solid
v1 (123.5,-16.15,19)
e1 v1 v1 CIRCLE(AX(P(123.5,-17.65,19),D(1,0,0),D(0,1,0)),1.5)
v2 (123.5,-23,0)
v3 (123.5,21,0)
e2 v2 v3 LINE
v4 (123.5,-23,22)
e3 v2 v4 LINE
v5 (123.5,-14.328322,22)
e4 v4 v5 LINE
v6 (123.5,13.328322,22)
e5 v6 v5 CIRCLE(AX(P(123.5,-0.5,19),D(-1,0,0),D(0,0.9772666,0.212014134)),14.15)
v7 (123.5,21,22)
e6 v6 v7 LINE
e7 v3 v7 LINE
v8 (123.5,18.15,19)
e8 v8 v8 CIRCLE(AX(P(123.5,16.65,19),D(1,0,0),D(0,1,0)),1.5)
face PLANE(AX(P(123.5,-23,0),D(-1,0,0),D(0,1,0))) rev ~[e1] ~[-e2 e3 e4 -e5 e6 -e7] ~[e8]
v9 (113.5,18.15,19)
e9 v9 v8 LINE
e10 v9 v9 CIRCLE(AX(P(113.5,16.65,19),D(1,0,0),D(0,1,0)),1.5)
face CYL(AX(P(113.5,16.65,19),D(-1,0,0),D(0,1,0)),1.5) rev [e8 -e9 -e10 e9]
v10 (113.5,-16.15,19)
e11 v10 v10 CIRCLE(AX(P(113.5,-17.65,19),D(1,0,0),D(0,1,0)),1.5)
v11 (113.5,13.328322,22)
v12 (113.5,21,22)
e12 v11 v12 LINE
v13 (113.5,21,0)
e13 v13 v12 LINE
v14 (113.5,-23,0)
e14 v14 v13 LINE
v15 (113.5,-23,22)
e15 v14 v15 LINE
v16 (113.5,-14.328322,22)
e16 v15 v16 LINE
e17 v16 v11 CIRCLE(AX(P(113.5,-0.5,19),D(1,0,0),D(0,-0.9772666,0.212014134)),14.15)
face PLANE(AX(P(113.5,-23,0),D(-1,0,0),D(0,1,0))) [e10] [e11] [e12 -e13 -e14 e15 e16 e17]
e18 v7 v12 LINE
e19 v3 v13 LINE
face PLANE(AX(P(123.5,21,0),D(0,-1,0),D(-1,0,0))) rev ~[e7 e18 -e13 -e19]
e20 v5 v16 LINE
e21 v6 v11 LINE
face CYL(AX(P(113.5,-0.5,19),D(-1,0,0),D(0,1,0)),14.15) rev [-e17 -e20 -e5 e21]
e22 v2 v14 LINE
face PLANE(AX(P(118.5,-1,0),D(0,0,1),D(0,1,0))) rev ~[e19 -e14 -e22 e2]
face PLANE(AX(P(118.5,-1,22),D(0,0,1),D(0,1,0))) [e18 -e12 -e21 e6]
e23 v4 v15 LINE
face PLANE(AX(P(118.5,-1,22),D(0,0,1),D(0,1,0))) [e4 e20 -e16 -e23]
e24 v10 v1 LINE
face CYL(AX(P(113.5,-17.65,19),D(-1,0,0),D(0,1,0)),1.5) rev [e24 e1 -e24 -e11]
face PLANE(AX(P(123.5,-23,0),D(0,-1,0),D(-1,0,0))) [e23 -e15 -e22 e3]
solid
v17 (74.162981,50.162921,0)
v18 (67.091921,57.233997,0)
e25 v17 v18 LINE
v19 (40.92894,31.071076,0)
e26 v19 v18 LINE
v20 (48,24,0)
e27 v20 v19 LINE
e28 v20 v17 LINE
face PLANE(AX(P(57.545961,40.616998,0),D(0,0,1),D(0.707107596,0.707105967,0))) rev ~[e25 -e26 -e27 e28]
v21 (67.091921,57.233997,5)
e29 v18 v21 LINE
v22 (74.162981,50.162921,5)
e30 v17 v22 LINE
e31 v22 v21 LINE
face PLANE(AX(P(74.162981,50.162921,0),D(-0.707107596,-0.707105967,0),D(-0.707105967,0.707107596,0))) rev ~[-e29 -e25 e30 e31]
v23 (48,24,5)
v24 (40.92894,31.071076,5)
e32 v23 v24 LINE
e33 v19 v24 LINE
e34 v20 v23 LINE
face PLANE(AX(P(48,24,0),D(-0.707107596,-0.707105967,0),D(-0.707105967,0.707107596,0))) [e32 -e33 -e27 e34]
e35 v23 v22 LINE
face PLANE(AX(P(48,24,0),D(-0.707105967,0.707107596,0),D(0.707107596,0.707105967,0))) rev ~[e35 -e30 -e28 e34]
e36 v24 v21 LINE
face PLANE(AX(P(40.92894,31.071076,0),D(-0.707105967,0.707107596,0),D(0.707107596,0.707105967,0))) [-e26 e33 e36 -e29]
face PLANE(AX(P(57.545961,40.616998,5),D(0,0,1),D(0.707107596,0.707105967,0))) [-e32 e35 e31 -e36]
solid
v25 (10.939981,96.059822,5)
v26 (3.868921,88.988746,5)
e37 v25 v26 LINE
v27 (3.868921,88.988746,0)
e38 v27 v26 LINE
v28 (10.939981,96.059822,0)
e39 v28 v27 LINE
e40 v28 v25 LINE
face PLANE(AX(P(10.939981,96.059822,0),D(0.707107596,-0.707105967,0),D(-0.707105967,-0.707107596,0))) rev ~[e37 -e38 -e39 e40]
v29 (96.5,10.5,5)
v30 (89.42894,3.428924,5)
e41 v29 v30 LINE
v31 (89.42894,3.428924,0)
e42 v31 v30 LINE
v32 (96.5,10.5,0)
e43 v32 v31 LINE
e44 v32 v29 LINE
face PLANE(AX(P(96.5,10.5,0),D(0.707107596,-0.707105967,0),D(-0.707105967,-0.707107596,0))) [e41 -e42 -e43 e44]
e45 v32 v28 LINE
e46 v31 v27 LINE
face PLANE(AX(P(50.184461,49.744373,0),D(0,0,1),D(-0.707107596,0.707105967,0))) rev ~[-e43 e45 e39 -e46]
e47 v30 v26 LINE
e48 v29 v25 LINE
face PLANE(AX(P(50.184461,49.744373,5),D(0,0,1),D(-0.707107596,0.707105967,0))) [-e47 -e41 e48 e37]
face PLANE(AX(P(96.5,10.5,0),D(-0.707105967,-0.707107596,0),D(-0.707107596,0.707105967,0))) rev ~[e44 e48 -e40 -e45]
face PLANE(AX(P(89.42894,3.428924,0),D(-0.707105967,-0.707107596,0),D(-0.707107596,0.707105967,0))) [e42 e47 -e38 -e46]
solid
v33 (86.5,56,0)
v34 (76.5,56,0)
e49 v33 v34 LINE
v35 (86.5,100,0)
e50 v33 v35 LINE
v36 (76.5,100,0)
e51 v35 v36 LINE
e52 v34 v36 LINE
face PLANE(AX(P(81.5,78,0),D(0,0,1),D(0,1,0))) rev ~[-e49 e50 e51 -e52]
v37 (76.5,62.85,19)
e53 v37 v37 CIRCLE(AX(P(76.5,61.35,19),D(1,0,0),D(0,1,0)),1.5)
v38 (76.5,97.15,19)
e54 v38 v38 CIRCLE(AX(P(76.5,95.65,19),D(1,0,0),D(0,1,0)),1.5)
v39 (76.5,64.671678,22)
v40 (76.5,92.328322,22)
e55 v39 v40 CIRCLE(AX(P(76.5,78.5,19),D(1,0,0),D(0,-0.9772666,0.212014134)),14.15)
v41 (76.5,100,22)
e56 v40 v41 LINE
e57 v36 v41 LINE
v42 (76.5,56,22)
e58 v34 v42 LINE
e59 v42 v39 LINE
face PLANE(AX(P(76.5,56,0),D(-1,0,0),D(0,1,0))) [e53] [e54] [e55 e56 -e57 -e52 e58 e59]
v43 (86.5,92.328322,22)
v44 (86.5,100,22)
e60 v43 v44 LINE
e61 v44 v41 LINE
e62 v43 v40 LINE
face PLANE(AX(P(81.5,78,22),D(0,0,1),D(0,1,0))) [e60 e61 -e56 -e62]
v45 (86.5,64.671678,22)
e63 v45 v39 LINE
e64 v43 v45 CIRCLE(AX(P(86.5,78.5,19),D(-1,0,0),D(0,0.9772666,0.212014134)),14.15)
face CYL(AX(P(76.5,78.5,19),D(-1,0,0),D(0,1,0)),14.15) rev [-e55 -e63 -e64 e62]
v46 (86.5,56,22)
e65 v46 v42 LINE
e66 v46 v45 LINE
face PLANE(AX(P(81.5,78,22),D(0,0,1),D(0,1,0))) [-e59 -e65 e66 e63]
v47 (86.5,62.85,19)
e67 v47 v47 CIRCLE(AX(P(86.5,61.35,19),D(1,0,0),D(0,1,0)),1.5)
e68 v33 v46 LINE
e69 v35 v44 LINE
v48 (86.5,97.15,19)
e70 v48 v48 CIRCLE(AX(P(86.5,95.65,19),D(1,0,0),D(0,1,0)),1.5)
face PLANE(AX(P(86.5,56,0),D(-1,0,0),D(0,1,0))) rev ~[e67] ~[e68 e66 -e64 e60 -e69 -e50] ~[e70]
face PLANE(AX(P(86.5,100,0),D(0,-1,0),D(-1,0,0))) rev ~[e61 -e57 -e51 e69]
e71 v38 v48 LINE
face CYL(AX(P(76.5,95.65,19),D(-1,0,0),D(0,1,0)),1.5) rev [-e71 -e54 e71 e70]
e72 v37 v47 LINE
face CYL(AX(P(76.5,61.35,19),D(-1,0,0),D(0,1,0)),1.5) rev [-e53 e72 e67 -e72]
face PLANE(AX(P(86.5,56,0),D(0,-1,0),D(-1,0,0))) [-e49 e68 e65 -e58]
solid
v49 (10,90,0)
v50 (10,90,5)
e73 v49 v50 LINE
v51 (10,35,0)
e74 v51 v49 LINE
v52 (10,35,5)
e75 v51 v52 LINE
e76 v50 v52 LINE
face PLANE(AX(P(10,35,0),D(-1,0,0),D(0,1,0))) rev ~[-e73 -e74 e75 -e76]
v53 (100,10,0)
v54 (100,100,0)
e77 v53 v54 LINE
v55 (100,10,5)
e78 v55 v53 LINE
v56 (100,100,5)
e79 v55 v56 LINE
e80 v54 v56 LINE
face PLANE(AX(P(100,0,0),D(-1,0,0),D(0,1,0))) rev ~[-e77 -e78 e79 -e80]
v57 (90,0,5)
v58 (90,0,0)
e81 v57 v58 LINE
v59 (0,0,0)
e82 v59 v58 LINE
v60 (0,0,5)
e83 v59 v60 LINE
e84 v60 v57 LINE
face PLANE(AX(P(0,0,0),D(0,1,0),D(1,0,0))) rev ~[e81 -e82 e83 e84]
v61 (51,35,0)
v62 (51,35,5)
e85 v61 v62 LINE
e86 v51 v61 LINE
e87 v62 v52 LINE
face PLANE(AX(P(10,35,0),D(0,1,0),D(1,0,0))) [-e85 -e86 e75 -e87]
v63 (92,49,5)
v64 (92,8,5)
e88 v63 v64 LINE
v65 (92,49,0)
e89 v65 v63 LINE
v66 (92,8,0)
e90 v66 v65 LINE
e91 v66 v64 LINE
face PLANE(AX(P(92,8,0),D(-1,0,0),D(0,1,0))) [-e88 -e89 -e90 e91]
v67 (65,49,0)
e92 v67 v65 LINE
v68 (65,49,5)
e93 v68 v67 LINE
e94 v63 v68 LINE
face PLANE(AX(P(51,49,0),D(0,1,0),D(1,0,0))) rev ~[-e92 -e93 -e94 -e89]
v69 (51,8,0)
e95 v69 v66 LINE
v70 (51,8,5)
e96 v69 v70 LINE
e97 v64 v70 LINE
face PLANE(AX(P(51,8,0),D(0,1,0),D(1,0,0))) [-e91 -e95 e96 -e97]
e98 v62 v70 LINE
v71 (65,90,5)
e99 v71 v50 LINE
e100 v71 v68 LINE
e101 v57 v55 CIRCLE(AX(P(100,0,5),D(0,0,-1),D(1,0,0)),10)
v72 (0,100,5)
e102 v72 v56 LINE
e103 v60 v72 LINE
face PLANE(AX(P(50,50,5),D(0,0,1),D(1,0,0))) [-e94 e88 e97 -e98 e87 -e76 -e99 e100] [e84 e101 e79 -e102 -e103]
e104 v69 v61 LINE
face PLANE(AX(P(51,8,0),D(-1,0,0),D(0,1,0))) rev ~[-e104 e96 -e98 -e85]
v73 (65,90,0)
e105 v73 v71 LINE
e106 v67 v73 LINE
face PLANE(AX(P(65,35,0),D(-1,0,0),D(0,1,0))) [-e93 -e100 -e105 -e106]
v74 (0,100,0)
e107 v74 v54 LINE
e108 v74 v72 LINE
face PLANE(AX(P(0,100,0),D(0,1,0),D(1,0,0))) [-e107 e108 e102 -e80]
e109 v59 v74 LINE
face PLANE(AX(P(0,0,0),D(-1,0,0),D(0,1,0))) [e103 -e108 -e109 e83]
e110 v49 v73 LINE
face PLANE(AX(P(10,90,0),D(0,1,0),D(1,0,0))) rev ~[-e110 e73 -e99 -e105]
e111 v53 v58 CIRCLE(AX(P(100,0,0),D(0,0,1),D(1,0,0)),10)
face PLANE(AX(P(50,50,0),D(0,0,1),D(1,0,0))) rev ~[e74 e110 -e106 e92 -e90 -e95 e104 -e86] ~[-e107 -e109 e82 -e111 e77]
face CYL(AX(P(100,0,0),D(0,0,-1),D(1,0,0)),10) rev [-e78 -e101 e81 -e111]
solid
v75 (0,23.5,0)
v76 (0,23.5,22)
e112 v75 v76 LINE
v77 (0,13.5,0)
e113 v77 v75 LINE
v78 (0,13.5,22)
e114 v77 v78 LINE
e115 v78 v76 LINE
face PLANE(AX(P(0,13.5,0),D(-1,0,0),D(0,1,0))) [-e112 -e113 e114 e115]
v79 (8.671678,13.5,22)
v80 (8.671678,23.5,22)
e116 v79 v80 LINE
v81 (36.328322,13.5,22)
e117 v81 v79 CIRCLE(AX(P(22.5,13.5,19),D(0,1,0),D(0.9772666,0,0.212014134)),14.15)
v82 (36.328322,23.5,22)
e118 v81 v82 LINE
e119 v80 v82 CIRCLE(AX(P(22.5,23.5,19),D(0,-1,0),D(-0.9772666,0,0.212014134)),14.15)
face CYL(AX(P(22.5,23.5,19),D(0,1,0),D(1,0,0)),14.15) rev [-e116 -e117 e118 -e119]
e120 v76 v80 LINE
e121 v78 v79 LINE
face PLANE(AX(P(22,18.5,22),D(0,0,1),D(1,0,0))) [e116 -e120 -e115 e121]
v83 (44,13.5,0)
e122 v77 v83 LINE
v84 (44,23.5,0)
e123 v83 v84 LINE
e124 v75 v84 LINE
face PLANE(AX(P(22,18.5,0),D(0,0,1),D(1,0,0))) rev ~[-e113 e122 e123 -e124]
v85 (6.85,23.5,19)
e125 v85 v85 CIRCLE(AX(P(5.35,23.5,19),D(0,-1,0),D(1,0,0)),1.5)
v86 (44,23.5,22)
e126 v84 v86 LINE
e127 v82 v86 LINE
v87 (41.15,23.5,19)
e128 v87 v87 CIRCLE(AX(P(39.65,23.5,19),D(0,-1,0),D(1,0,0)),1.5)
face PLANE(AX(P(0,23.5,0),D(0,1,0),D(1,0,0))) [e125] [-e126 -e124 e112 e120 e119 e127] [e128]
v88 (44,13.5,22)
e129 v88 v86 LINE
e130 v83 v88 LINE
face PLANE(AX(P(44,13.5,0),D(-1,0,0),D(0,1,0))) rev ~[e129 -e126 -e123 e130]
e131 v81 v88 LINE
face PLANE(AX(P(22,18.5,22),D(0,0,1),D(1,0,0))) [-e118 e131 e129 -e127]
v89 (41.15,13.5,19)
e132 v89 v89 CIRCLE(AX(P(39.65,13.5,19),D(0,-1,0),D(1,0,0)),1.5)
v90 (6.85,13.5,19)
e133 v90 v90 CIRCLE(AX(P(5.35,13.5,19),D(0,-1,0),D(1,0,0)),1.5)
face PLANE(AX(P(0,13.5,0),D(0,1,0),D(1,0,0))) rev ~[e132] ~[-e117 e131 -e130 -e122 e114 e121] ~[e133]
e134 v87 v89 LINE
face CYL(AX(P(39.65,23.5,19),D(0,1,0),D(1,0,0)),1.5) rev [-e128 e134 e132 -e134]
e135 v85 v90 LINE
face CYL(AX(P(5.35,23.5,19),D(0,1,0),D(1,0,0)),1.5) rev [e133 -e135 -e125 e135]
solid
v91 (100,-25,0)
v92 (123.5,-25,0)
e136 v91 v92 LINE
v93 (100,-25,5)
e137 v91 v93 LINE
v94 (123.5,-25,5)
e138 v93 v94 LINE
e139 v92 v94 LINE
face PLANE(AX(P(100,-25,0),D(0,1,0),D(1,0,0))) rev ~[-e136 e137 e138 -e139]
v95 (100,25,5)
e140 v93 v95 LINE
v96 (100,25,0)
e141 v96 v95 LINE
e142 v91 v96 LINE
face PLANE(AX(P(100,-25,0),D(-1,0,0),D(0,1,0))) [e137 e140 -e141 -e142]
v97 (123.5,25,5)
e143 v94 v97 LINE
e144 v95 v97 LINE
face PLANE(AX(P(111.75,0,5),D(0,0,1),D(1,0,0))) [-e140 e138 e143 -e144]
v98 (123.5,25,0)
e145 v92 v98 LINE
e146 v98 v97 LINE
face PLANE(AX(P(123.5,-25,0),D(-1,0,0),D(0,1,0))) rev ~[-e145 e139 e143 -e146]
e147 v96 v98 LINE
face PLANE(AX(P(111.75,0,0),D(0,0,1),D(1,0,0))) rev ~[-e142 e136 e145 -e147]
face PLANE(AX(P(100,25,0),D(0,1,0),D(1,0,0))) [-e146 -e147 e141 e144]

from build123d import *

# Parameters (mm, degrees)
CYLINDER001_R                = 1.5
CYLINDER001_DEPTH            = 10
CYLINDER001_ROLL_ANGLE       = 90
CYLINDER001001_R             = 1.5
CYLINDER001001_DEPTH         = 10
CYLINDER001001_ROLL_ANGLE    = 90
CYLINDER_R                   = 14.15
CYLINDER_DEPTH               = 10
CYLINDER_ROLL_ANGLE          = 90
BOX001_W                     = 44
BOX001_H                     = 10
BOX001_DEPTH                 = 22
CUT002001_PLACEMENT_ANGLE    = 90
BOX002_W                     = 23.5
BOX002_H                     = 50
BOX002_DEPTH                 = 5
CUT002001001_PLACEMENT_ANGLE = 90
BOX004_W                     = 41
BOX004_H                     = 41
BOX004_DEPTH                 = 10
BOX003_W                     = 55
BOX003_H                     = 55
BOX003_DEPTH                 = 10
CYLINDER001002_R             = 10
CYLINDER001002_DEPTH         = 10
BOX_W                        = 100
BOX_H                        = 100
BOX_DEPTH                    = 5
BOX005_W                     = 121
BOX005_H                     = 10
BOX005_DEPTH                 = 5
BOX005_PLACEMENT_ANGLE       = 135.000066
BOX006_W                     = 37
BOX006_H                     = 10
BOX006_DEPTH                 = 5
BOX006_PLACEMENT_ANGLE       = 44.999934


with BuildPart() as cylinder001:
    # Cylinder001 → Cylinder001 (new body)
    with BuildSketch(Plane.XY):
        Circle(CYLINDER001_R)
    extrude(amount=CYLINDER001_DEPTH)


with BuildPart() as cylinder001_1:
    # Cylinder001 roll: moved
    add(cylinder001.part.rotate(Axis((0, 0, 0), (1, 0, 0)), CYLINDER001_ROLL_ANGLE))


with BuildPart() as cylinder001_2:
    # Cylinder001 placement: moved
    add(cylinder001_1.part.moved(Location((5.35, 23.5, 19))))


with BuildPart() as cylinder001001:
    # Cylinder001001 → Cylinder001001 (new body)
    with BuildSketch(Plane.XY):
        Circle(CYLINDER001001_R)
    extrude(amount=CYLINDER001001_DEPTH)


with BuildPart() as cylinder001001_1:
    # Cylinder001001 roll: moved
    add(cylinder001001.part.rotate(Axis((0, 0, 0), (1, 0, 0)), CYLINDER001001_ROLL_ANGLE))


with BuildPart() as cylinder001001_2:
    # Cylinder001001 placement: moved
    add(cylinder001001_1.part.moved(Location((39.65, 23.5, 19))))


with BuildPart() as cylinder:
    # Cylinder → Cylinder (new body)
    with BuildSketch(Plane.XY):
        Circle(CYLINDER_R)
    extrude(amount=CYLINDER_DEPTH)


with BuildPart() as cylinder_1:
    # Cylinder roll: moved
    add(cylinder.part.rotate(Axis((0, 0, 0), (1, 0, 0)), CYLINDER_ROLL_ANGLE))


with BuildPart() as cylinder_2:
    # Cylinder placement: moved
    add(cylinder_1.part.moved(Location((22.5, 23.5, 19))))


with BuildPart() as cut001:
    # Box001 → Box001 (new body)
    with BuildSketch(Plane(origin=(0, 13.5, 0), x_dir=(1, 0, 0), z_dir=(0, 0, 1))):
        with Locations((22, 5)):
            Rectangle(BOX001_W, BOX001_H)
    extrude(amount=BOX001_DEPTH)

    # Cut: cut Cylinder
    add(cylinder_2.part, mode=Mode.SUBTRACT)

    # Cut001: cut Cylinder001001
    add(cylinder001001_2.part, mode=Mode.SUBTRACT)


with BuildPart() as cut002:
    # Cut002 base: copy of Cut001
    add(cut001.part)

    # Cut002: cut Cylinder001
    add(cylinder001_2.part, mode=Mode.SUBTRACT)


with BuildPart() as cut002001:
    # Cut002001 base: copy of Cut001
    add(cut001.part)

    # Cut002001: cut Cylinder001
    add(cylinder001_2.part, mode=Mode.SUBTRACT)


with BuildPart() as cut002001_1:
    # Cut002001 placement: moved
    add(cut002001.part.moved(Location((100, 56, 0))).rotate(Axis((100, 56, 0), (0, 0, 1)), CUT002001_PLACEMENT_ANGLE))


with BuildPart() as box002:
    # Box002 → Box002 (new body)
    with BuildSketch(Plane(origin=(100, -25, 0), x_dir=(1, 0, 0), z_dir=(0, 0, 1))):
        with Locations((11.75, 25)):
            Rectangle(BOX002_W, BOX002_H)
    extrude(amount=BOX002_DEPTH)


with BuildPart() as cut002001001:
    # Cut002001001 base: copy of Cut001
    add(cut001.part)

    # Cut002001001: cut Cylinder001
    add(cylinder001_2.part, mode=Mode.SUBTRACT)


with BuildPart() as cut002001001_1:
    # Cut002001001 placement: moved
    add(cut002001001.part.moved(Location((137, -23, 0))).rotate(Axis((137, -23, 0), (0, 0, 1)), CUT002001001_PLACEMENT_ANGLE))


with BuildPart() as box004:
    # Box004 → Box004 (new body)
    with BuildSketch(Plane(origin=(51, 8, 0), x_dir=(1, 0, 0), z_dir=(0, 0, 1))):
        with Locations((20.5, 20.5)):
            Rectangle(BOX004_W, BOX004_H)
    extrude(amount=BOX004_DEPTH)


with BuildPart() as box003:
    # Box003 → Box003 (new body)
    with BuildSketch(Plane(origin=(10, 35, 0), x_dir=(1, 0, 0), z_dir=(0, 0, 1))):
        with Locations((27.5, 27.5)):
            Rectangle(BOX003_W, BOX003_H)
    extrude(amount=BOX003_DEPTH)


with BuildPart() as cylinder001002:
    # Cylinder001002 → Cylinder001002 (new body)
    with BuildSketch(Plane(origin=(100, 0, 0), x_dir=(1, 0, 0), z_dir=(0, 0, 1))):
        Circle(CYLINDER001002_R)
    extrude(amount=CYLINDER001002_DEPTH)


with BuildPart() as cut002001004:
    # Box → Box (new body)
    with BuildSketch(Plane.XY):
        with Locations((50, 50)):
            Rectangle(BOX_W, BOX_H)
    extrude(amount=BOX_DEPTH)

    # Cut002001002: cut Cylinder001002
    add(cylinder001002.part, mode=Mode.SUBTRACT)

    # Cut002001003: cut Box003
    add(box003.part, mode=Mode.SUBTRACT)

    # Cut002001004: cut Box004
    add(box004.part, mode=Mode.SUBTRACT)


with BuildPart() as box005:
    # Box005 → Box005 (new body)
    with BuildSketch(Plane.XY):
        with Locations((60.5, 5)):
            Rectangle(BOX005_W, BOX005_H)
    extrude(amount=BOX005_DEPTH)


with BuildPart() as box005_1:
    # Box005 placement: moved
    add(box005.part.moved(Location((96.5, 10.5, 0))).rotate(Axis((96.5, 10.5, 0), (0, 0, 1)), BOX005_PLACEMENT_ANGLE))


with BuildPart() as box006:
    # Box006 → Box006 (new body)
    with BuildSketch(Plane.XY):
        with Locations((18.5, 5)):
            Rectangle(BOX006_W, BOX006_H)
    extrude(amount=BOX006_DEPTH)


with BuildPart() as box006_1:
    # Box006 placement: moved
    add(box006.part.moved(Location((48, 24, 0))).rotate(Axis((48, 24, 0), (0, 0, 1)), BOX006_PLACEMENT_ANGLE))


solid = Compound([cut002.part, cut002001_1.part, box002.part, cut002001001_1.part, cut002001004.part, box005_1.part, box006_1.part])
